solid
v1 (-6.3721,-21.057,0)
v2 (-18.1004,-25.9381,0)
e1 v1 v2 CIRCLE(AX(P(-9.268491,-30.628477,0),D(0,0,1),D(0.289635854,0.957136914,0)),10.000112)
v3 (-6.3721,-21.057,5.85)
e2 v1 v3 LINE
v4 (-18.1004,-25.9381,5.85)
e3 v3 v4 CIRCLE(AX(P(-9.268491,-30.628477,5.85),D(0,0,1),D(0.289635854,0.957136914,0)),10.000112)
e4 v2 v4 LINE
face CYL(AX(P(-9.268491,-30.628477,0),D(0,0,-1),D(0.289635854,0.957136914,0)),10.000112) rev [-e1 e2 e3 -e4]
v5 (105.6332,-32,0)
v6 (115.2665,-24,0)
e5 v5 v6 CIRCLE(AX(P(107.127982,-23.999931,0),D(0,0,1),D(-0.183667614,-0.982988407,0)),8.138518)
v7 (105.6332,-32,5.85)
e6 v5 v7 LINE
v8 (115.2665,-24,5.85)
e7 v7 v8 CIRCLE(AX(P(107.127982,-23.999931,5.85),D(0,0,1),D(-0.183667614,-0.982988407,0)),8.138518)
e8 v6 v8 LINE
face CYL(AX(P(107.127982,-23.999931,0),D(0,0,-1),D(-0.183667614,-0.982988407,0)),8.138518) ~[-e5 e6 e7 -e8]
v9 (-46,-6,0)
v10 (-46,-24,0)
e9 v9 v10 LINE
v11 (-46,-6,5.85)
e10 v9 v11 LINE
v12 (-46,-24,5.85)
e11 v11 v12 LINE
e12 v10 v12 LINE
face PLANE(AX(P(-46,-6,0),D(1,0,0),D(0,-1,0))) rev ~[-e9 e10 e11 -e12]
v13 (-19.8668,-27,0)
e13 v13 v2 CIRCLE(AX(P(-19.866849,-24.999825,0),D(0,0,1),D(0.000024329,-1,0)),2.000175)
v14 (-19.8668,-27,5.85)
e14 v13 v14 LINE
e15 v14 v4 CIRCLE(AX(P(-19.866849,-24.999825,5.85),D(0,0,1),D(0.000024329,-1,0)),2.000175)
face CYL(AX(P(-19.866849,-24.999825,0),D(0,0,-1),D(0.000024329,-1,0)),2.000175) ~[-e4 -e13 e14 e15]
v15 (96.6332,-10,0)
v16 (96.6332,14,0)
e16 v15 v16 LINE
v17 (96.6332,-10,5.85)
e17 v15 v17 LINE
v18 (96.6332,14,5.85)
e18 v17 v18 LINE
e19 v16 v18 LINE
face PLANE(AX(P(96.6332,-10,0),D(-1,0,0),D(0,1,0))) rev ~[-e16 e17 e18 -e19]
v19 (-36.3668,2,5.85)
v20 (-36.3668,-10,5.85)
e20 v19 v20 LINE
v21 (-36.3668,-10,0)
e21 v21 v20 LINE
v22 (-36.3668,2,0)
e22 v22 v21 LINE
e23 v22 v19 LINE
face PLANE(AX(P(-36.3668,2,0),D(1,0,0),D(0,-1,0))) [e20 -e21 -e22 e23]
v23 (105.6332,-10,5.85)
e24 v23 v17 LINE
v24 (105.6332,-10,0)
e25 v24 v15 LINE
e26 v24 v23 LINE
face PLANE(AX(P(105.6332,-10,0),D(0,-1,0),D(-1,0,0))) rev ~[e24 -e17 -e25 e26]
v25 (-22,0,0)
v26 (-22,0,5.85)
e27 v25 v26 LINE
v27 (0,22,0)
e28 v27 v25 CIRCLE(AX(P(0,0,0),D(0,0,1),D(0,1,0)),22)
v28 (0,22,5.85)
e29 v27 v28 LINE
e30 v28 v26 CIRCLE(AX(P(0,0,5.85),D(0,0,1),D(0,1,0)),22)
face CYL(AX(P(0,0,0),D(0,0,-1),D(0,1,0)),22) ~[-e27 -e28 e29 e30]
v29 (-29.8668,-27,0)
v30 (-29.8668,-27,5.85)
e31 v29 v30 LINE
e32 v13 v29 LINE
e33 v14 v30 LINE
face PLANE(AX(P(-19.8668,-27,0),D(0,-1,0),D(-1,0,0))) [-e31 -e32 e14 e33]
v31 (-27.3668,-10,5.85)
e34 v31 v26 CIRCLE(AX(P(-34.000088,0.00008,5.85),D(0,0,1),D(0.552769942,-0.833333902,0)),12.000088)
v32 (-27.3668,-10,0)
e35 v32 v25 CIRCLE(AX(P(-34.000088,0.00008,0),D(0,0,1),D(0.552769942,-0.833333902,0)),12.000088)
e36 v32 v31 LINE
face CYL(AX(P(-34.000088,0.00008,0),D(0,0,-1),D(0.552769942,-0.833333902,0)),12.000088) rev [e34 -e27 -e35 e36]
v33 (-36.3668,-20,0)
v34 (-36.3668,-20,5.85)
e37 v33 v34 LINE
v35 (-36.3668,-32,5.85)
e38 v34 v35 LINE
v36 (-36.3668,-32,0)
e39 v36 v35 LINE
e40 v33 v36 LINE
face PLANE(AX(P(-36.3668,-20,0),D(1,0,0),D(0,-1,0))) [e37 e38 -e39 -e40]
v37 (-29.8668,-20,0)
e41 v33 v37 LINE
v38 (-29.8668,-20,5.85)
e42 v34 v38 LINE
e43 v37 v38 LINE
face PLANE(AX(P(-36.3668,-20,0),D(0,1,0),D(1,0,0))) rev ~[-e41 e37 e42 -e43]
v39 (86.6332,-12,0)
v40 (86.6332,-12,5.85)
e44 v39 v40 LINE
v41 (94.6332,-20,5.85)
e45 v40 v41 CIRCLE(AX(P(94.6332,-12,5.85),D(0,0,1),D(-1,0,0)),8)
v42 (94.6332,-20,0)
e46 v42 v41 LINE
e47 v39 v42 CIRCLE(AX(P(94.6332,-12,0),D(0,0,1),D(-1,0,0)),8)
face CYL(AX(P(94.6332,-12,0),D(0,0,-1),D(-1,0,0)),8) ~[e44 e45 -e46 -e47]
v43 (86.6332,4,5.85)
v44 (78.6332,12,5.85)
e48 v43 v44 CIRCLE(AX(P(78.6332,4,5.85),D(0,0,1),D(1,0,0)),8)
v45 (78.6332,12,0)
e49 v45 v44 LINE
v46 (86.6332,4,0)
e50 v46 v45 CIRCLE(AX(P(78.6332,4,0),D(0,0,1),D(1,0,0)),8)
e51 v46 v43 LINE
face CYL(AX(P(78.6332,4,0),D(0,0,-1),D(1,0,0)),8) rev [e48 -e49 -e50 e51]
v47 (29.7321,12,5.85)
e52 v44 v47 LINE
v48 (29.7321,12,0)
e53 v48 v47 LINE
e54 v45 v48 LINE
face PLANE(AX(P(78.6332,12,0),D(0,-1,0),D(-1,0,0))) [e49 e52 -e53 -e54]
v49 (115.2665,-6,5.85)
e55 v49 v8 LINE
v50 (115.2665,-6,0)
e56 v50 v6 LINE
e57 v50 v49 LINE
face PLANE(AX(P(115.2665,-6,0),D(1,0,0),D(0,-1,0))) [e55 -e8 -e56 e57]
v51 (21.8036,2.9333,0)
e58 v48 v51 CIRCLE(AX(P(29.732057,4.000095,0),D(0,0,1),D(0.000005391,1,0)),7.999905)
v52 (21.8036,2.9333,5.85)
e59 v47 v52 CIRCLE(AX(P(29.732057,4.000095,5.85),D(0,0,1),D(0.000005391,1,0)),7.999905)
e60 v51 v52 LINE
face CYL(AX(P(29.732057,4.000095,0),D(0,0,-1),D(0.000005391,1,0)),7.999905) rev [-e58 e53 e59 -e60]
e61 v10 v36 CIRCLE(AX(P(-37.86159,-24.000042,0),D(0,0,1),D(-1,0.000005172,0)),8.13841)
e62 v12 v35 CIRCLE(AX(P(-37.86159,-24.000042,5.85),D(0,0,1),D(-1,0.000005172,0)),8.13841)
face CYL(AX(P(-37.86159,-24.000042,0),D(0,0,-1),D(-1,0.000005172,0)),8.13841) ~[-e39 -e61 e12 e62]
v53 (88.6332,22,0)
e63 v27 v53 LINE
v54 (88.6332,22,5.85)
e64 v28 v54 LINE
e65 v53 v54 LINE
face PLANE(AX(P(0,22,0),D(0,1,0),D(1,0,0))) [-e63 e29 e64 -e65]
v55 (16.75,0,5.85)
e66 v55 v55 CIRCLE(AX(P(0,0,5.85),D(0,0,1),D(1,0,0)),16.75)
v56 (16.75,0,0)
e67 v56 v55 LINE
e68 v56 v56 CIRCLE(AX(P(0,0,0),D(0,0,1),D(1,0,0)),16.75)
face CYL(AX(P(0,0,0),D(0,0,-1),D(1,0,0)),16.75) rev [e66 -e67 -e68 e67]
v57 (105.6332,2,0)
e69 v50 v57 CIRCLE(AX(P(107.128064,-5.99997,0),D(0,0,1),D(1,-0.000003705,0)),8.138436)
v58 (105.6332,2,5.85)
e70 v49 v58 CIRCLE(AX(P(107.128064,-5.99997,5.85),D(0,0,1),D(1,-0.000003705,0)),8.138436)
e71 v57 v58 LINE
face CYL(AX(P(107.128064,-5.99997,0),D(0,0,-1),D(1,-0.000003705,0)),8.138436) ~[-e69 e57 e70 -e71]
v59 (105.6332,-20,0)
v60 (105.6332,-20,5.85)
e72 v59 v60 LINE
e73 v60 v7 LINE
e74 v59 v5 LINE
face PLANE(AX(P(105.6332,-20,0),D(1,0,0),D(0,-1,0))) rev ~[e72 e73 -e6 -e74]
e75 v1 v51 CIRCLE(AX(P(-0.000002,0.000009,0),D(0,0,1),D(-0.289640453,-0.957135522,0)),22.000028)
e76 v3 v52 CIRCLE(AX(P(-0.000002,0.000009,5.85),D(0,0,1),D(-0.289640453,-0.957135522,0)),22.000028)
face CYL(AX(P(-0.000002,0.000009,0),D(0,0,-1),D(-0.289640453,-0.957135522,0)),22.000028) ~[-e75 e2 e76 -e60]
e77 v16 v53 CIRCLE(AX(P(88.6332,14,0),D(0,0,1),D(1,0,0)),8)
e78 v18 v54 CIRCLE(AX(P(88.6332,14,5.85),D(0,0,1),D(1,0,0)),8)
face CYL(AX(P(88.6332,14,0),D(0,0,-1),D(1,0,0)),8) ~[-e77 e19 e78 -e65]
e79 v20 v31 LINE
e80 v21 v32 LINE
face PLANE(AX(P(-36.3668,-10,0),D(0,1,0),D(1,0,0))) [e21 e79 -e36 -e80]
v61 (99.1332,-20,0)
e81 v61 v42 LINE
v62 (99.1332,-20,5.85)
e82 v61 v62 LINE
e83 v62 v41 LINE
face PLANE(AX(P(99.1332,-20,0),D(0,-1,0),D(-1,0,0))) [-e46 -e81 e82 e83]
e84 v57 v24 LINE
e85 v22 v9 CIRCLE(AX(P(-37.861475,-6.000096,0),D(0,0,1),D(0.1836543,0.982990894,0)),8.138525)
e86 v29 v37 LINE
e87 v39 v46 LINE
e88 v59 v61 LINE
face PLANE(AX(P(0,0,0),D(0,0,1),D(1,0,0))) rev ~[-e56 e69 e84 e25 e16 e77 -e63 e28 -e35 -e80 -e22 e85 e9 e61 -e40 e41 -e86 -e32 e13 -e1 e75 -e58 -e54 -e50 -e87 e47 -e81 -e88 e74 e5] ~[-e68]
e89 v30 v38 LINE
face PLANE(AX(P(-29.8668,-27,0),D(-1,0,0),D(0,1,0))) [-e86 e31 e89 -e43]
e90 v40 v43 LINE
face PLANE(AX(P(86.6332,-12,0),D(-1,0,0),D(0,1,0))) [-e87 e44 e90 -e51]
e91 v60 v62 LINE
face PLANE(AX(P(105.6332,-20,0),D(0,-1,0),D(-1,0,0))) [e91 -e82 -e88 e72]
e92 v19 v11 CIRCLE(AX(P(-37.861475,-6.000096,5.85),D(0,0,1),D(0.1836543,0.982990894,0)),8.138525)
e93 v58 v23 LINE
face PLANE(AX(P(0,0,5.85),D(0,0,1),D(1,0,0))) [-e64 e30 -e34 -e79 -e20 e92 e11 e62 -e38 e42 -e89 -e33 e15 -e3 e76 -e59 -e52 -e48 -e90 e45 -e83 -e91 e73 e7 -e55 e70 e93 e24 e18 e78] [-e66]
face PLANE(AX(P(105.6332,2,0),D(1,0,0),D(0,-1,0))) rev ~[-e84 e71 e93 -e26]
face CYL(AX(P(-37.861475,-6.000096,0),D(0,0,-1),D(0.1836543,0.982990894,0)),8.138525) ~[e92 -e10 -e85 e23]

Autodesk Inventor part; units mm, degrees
ref_plane "YZ Plane" through (0, 0, 0) normal (1, 0, 0) x (0, 1, 0)
ref_plane "XZ Plane" through (0, 0, 0) normal (0, 1, 0) x (-1, 0, 0)
ref_plane "XY Plane" through (0, 0, 0) normal (0, 0, 1) x (1, 0, 0)
sketch "Sketch1" plane through (0, 0, 0) normal (0, 0, 1) x (1, 0, 0)
  circle A0 centre (0, 0) radius 16.75
  line L0 (0, 0) -> (-17.65, 0) construction
  line L1 (-15.7399, -5.7288) -> (0, 0) construction
  line L2 (-14.2048, -8.8761) -> (0, 0) construction
  line L3 (-46, -6) -> (-46, -24)
  line L4 (-36.3668, 2) -> (-36.3668, -10)
  line L5 (-36.3668, -10) -> (-27.3668, -10)
  line L6 (-36.3668, -20) -> (-29.8668, -20)
  line L7 (-36.3668, -20) -> (-36.3668, -32)
  line L8 (-17.5898, -16) -> (-17.5898, -16)
  arc A1 (-27.3668, -10) -> (-22, 0) centre (-34, 0) ccw
  line L9 (34.6332, -10.9067) -> (34.6332, 21.7526) construction
  line L10 (115.2665, -6) -> (115.2665, -24)
  arc A2 (105.6332, -32) -> (115.2665, -24) centre (107.128, -24) ccw
  line L11 (105.6332, 2) -> (105.6332, -10)
  line L12 (105.6332, -10) -> (96.6332, -10)
  line L13 (105.6332, -20) -> (99.1332, -20)
  line L14 (105.6332, -20) -> (105.6332, -32)
  line L15 (96.6332, -10) -> (96.6332, 14)
  line L16 (0, 22) -> (88.6332, 22)
  line L17 (99.1332, -20) -> (94.6332, -20)
  line L18 (86.6332, -12) -> (86.6332, 4)
  line L19 (78.6332, 12) -> (29.7321, 12)
  arc A3 (96.6332, 14) -> (88.6332, 22) centre (88.6332, 14) ccw
  arc A4 (86.6332, 4) -> (78.6332, 12) centre (78.6332, 4) ccw
  arc A5 (86.6332, -12) -> (94.6332, -20) centre (94.6332, -12) ccw
  arc A6 (-6.3721, -21.057) -> (21.8036, 2.9333) centre (0, 0) ccw
  arc A7 (0, 22) -> (-22, 0) centre (0, 0) ccw
  arc A8 (29.7321, 12) -> (21.8036, 2.9333) centre (29.7321, 4) ccw
  line L20 (-19.8668, -27) -> (-29.8668, -27)
  line L21 (-29.8668, -27) -> (-29.8668, -20)
  line L22 (-46, -15) -> (-35.8797, -15) construction
  arc A9 (-6.3721, -21.057) -> (-18.1004, -25.9381) centre (-9.2685, -30.6283) ccw
  arc A10 (-19.8668, -27) -> (-18.1004, -25.9381) centre (-19.8668, -25) ccw
  arc A11 (-46, -24) -> (-36.3668, -32) centre (-37.8615, -24) ccw
  arc A12 (-36.3668, 2) -> (-46, -6) centre (-37.8615, -6) ccw
  arc A13 (115.2665, -6) -> (105.6332, 2) centre (107.128, -6) ccw
  point P0 (18.4391, 12)
  point P1 (-18.5871, -27)
  dimension "d12" = 16.75
  dimension "d19" = 160
  dimension "d30" = 9
  dimension "d40" = 46
  dimension "d43" = 8
  dimension "d44" = 22
  dimension "d45" = 8
  dimension "d46" = 10
  dimension "d47" = 10
  dimension "d48" = 142
  dimension "d59" = 6.5
  dimension "d61" = 10
  dimension "d63" = 12
  dimension "d65" = 10
  dimension "d66" = 2
  dimension "d67" = 10
  dimension "d68" = 10
  dimension "d69" = 7
  dimension "d70" = 5
  dimension "d71" = 12
  dimension "d72" = 18
extrude "Extrusion1" add sketch "Sketch1" along normal blind 5.85
properties part number "waterbottle_holder"
